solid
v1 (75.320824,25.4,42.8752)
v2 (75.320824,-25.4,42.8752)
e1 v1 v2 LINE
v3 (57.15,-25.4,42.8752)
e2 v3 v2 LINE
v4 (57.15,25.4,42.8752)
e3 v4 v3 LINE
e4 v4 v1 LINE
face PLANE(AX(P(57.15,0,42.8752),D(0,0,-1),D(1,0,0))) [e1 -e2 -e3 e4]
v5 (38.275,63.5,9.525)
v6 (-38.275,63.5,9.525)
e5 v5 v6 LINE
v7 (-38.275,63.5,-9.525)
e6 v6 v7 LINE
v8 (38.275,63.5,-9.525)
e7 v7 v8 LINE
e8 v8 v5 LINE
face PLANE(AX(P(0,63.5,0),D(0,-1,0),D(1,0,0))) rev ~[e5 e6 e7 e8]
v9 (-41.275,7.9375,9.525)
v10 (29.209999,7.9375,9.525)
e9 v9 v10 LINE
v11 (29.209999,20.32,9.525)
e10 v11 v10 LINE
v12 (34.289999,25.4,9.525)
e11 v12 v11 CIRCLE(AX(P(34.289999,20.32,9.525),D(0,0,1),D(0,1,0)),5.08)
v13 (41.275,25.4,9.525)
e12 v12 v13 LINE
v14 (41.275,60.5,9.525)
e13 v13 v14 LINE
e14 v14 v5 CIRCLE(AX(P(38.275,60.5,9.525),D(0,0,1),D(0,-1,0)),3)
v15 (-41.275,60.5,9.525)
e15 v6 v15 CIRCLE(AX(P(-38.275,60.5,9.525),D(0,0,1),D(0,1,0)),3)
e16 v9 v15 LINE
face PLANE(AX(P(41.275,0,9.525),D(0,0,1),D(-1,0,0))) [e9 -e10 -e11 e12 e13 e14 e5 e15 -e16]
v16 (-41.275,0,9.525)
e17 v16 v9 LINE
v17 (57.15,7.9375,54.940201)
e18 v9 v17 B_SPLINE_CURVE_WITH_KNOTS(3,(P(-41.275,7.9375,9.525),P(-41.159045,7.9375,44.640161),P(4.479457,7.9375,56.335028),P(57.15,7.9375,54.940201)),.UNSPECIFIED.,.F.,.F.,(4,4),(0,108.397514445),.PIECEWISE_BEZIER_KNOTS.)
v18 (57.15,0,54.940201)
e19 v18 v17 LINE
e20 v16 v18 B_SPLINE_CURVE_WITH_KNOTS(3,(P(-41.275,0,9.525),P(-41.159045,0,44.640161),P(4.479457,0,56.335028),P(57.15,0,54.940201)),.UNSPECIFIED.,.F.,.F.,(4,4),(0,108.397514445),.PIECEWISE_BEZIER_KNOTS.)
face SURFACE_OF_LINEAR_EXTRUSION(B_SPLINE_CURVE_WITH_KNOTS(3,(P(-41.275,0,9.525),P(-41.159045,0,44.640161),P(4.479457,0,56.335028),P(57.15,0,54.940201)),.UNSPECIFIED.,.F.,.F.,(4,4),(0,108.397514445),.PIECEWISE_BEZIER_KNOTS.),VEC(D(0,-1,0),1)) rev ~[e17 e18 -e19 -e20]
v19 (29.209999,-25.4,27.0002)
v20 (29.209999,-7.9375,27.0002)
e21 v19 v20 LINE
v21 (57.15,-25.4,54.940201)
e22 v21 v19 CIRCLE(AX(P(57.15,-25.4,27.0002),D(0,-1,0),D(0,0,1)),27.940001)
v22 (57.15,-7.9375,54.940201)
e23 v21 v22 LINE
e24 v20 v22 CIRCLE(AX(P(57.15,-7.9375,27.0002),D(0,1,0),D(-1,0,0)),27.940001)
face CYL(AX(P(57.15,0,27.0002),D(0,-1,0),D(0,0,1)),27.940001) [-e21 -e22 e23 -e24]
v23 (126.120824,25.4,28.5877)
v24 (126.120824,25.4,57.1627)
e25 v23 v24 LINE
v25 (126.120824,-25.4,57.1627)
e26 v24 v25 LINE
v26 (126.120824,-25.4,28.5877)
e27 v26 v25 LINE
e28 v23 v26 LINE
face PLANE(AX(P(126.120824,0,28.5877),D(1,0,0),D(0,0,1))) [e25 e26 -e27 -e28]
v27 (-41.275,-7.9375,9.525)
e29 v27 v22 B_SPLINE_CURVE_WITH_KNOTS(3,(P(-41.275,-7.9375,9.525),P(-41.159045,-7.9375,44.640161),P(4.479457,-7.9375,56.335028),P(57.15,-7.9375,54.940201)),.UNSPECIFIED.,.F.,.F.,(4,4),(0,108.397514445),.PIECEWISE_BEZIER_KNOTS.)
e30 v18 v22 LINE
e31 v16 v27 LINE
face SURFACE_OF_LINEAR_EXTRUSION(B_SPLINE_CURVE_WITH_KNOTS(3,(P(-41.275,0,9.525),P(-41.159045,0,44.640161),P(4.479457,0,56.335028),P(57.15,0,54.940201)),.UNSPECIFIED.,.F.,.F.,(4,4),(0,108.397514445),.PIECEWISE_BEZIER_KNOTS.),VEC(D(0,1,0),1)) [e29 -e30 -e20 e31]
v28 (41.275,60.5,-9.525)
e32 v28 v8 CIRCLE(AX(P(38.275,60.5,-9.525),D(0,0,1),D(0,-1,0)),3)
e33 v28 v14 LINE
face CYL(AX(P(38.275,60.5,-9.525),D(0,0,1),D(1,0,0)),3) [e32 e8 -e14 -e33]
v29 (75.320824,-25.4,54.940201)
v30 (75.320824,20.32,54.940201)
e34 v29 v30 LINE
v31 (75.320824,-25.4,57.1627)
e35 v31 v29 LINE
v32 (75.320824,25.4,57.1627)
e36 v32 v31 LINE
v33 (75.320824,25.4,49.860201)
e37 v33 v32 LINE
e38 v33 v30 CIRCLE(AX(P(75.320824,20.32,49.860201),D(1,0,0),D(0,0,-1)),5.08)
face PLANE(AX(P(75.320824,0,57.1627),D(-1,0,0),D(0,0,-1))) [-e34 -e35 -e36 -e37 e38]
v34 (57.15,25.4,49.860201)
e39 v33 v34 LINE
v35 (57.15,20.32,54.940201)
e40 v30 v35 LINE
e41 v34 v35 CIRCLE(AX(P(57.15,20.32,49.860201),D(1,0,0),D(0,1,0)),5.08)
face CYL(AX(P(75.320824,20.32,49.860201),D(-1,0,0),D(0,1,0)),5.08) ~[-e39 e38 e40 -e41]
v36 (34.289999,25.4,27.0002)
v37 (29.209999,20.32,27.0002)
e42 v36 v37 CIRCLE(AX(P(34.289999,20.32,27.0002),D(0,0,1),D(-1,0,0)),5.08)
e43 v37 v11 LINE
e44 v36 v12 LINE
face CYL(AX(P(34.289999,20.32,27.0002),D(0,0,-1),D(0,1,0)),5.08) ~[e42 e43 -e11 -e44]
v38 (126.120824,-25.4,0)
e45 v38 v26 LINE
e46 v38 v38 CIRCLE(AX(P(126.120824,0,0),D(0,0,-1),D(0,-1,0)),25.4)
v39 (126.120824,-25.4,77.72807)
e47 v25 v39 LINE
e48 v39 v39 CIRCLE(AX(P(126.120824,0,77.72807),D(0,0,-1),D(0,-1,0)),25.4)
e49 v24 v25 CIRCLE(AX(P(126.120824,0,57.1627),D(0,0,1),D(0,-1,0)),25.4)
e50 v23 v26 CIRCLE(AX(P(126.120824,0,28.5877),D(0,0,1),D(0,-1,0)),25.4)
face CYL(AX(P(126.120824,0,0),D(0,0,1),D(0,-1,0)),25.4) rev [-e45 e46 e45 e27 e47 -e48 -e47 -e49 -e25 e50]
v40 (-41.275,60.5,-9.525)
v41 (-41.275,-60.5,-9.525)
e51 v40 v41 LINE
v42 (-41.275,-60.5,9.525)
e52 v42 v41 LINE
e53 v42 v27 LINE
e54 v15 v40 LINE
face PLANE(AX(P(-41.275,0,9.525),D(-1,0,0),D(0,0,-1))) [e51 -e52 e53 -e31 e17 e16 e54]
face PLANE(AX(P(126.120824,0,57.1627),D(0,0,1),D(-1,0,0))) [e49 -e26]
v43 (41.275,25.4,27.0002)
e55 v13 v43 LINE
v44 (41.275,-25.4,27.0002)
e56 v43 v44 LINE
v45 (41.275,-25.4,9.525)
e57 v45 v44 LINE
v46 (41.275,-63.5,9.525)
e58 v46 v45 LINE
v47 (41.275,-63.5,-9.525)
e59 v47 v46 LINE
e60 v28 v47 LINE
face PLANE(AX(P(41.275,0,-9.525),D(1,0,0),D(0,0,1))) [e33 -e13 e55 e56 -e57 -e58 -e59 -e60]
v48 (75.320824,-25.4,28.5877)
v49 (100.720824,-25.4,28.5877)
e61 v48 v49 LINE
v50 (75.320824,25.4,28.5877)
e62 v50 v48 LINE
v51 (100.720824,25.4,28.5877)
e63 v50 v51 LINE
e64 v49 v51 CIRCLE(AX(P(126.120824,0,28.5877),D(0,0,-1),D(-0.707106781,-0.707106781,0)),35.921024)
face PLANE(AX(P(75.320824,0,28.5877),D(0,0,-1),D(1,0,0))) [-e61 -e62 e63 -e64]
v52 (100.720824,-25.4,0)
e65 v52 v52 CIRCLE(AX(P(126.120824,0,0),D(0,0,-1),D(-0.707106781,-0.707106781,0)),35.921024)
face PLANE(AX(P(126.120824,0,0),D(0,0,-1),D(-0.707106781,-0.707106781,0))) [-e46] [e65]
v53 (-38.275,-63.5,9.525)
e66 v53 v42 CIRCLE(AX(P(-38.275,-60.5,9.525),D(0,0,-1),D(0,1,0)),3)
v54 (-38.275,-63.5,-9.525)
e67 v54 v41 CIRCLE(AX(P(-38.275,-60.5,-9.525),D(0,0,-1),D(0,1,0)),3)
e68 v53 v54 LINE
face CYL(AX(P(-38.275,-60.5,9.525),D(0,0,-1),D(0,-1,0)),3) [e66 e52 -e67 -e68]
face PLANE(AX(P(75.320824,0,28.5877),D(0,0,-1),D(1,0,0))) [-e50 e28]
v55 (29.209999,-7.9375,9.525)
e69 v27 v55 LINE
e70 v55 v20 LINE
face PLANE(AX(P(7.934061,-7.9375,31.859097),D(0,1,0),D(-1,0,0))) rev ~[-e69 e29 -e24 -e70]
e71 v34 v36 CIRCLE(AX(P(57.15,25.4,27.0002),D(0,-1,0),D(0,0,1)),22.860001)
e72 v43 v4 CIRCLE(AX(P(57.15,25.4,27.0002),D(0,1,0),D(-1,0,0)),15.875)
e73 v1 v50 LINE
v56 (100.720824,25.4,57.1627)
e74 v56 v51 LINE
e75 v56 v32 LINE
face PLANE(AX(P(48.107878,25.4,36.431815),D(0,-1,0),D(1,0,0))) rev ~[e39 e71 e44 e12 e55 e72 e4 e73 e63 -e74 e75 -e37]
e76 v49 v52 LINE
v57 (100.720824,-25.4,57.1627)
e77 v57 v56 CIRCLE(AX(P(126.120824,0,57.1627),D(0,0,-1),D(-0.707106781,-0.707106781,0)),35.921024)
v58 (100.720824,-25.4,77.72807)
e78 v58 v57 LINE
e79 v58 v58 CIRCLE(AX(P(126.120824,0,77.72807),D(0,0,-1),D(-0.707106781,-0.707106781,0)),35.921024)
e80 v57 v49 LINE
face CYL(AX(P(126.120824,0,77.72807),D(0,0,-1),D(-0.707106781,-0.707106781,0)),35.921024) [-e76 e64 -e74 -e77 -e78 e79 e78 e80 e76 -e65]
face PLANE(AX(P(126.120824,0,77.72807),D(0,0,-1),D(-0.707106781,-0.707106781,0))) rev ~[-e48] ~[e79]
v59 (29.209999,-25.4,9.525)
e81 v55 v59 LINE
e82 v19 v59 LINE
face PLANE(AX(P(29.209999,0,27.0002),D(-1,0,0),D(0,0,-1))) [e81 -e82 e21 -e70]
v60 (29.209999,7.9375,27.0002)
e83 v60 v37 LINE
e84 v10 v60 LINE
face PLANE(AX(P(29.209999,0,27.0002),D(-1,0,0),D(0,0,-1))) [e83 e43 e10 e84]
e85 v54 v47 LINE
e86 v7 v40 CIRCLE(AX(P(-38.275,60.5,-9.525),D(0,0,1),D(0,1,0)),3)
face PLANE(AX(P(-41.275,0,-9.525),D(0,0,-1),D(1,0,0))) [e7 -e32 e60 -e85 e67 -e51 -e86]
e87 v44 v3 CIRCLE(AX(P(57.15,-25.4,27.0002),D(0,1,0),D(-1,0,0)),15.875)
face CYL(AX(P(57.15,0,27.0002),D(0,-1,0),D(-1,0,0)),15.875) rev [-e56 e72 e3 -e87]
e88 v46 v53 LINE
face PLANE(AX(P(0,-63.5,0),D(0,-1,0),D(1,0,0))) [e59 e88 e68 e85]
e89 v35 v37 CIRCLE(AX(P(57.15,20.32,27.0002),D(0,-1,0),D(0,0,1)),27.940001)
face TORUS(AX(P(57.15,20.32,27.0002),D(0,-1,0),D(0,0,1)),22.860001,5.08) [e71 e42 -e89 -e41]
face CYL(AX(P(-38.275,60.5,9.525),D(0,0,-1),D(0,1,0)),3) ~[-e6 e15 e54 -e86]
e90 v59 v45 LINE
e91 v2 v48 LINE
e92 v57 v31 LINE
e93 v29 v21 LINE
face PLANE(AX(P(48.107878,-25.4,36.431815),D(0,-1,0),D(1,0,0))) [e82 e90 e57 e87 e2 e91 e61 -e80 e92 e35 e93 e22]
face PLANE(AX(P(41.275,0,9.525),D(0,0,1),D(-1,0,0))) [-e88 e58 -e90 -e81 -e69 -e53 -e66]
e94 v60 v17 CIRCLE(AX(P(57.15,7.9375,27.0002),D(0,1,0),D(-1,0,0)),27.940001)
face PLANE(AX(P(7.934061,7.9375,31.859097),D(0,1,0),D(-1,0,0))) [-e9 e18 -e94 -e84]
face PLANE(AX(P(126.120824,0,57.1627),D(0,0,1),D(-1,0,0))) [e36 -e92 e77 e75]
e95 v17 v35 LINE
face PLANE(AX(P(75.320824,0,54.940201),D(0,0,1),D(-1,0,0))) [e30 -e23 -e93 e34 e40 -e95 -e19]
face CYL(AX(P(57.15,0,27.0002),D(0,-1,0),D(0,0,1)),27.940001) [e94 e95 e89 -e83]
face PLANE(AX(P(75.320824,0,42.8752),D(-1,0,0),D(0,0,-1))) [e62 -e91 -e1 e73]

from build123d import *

# Parameters (mm, degrees)
F1_DEPTH = 63.5
F2_DEPTH = 25.4
F3_DEPTH = 7.9375
F4_W     = 25.4
F4_H     = 28.5877
F4_H_2   = 28.575
F4_H_3   = 20.5653703187
F6_R     = 3
F7_R     = 5.08


with BuildPart() as f1:
    # F0 (on Front) → F1 (new body, symmetric)
    with BuildSketch(Plane.XZ):
        Polygon((29.2099986579, 9.525), (-41.275, 9.525), (-41.275, -9.525), (41.275, -9.525), (41.275, 9.525), align=None)
    extrude(amount=F1_DEPTH, both=True)

    # F0 (on Front) → F2 (join, symmetric)
    with BuildSketch(Plane.XZ):
        with BuildLine():
            Line((29.2099986579, 27.0002), (29.2099986579, 9.525))
            Line((29.2099986579, 9.525), (41.275, 9.525))
            Line((41.275, 9.525), (41.275, 27.0002))
            ThreePointArc((41.275, 27.0002), (45.9246798487, 38.2255201513), (57.15, 42.8752))
            Line((57.15, 42.8752), (75.3208244484, 42.8752))
            Line((75.3208244484, 42.8752), (75.3208244484, 54.9402013421))
            Line((75.3208244484, 54.9402013421), (57.15, 54.9402013421))
            ThreePointArc((57.15, 54.9402013421), (37.3934355846, 46.7567644154), (29.2099986579, 27.0002))
        make_face()
        Polygon((75.3208244484, 57.1627), (75.3208244484, 54.9402013421), (75.3208244484, 42.8752), (75.3208244484, 28.5877), (126.1208244484, 28.5877), (126.1208244484, 57.1627), align=None)
    extrude(amount=F2_DEPTH, both=True)

    # F0 (on Front) → F3 (join, symmetric)
    with BuildSketch(Plane.XZ):
        with BuildLine():
            add(Edge.make_bspline(
                [(-41.275, 9.525), (-41.1590449512, 44.640161097), (4.4794571586, 56.3350282609), (57.15, 54.9402013421)],
                knots=[0, 0, 0, 0, 108.3975144454, 108.3975144454, 108.3975144454, 108.3975144454], degree=3))
            Line((-41.275, 9.525), (29.2099986579, 9.525))
            Line((29.2099986579, 9.525), (29.2099986579, 27.0002))
            ThreePointArc((29.2099986579, 27.0002), (37.3934355846, 46.7567644154), (57.15, 54.9402013421))
        make_face()
    extrude(amount=F3_DEPTH, both=True)

    # F4 (on face) → F5 (revolve)
    with BuildSketch(Plane.XZ.offset(25.4)):
        with Locations((113.4208244484, 14.29385)):
            Rectangle(F4_W, F4_H)
        with Locations((113.4208244484, 42.8752)):
            Rectangle(F4_W, F4_H_2)
        with Locations((113.4208244484, 67.4453851593)):
            Rectangle(F4_W, F4_H_3)
    revolve(axis=Axis((126.1208244484, 0, 42.8752), (0, 0, -1)))

    # F6
    f6_edges = [f1.edges().sort_by_distance(p)[0] for p in [
        (-41.275, 63.5, 0),
        (41.275, 63.5, 0),
        (-41.275, -63.5, 0),
    ]]
    fillet(f6_edges, radius=F6_R)

    # F7
    f7_edges = [f1.edges().sort_by_distance(p)[0] for p in [
        (37.393436, 25.4, 46.756764),
    ]]
    fillet(f7_edges, radius=F7_R)


solid = f1.part
